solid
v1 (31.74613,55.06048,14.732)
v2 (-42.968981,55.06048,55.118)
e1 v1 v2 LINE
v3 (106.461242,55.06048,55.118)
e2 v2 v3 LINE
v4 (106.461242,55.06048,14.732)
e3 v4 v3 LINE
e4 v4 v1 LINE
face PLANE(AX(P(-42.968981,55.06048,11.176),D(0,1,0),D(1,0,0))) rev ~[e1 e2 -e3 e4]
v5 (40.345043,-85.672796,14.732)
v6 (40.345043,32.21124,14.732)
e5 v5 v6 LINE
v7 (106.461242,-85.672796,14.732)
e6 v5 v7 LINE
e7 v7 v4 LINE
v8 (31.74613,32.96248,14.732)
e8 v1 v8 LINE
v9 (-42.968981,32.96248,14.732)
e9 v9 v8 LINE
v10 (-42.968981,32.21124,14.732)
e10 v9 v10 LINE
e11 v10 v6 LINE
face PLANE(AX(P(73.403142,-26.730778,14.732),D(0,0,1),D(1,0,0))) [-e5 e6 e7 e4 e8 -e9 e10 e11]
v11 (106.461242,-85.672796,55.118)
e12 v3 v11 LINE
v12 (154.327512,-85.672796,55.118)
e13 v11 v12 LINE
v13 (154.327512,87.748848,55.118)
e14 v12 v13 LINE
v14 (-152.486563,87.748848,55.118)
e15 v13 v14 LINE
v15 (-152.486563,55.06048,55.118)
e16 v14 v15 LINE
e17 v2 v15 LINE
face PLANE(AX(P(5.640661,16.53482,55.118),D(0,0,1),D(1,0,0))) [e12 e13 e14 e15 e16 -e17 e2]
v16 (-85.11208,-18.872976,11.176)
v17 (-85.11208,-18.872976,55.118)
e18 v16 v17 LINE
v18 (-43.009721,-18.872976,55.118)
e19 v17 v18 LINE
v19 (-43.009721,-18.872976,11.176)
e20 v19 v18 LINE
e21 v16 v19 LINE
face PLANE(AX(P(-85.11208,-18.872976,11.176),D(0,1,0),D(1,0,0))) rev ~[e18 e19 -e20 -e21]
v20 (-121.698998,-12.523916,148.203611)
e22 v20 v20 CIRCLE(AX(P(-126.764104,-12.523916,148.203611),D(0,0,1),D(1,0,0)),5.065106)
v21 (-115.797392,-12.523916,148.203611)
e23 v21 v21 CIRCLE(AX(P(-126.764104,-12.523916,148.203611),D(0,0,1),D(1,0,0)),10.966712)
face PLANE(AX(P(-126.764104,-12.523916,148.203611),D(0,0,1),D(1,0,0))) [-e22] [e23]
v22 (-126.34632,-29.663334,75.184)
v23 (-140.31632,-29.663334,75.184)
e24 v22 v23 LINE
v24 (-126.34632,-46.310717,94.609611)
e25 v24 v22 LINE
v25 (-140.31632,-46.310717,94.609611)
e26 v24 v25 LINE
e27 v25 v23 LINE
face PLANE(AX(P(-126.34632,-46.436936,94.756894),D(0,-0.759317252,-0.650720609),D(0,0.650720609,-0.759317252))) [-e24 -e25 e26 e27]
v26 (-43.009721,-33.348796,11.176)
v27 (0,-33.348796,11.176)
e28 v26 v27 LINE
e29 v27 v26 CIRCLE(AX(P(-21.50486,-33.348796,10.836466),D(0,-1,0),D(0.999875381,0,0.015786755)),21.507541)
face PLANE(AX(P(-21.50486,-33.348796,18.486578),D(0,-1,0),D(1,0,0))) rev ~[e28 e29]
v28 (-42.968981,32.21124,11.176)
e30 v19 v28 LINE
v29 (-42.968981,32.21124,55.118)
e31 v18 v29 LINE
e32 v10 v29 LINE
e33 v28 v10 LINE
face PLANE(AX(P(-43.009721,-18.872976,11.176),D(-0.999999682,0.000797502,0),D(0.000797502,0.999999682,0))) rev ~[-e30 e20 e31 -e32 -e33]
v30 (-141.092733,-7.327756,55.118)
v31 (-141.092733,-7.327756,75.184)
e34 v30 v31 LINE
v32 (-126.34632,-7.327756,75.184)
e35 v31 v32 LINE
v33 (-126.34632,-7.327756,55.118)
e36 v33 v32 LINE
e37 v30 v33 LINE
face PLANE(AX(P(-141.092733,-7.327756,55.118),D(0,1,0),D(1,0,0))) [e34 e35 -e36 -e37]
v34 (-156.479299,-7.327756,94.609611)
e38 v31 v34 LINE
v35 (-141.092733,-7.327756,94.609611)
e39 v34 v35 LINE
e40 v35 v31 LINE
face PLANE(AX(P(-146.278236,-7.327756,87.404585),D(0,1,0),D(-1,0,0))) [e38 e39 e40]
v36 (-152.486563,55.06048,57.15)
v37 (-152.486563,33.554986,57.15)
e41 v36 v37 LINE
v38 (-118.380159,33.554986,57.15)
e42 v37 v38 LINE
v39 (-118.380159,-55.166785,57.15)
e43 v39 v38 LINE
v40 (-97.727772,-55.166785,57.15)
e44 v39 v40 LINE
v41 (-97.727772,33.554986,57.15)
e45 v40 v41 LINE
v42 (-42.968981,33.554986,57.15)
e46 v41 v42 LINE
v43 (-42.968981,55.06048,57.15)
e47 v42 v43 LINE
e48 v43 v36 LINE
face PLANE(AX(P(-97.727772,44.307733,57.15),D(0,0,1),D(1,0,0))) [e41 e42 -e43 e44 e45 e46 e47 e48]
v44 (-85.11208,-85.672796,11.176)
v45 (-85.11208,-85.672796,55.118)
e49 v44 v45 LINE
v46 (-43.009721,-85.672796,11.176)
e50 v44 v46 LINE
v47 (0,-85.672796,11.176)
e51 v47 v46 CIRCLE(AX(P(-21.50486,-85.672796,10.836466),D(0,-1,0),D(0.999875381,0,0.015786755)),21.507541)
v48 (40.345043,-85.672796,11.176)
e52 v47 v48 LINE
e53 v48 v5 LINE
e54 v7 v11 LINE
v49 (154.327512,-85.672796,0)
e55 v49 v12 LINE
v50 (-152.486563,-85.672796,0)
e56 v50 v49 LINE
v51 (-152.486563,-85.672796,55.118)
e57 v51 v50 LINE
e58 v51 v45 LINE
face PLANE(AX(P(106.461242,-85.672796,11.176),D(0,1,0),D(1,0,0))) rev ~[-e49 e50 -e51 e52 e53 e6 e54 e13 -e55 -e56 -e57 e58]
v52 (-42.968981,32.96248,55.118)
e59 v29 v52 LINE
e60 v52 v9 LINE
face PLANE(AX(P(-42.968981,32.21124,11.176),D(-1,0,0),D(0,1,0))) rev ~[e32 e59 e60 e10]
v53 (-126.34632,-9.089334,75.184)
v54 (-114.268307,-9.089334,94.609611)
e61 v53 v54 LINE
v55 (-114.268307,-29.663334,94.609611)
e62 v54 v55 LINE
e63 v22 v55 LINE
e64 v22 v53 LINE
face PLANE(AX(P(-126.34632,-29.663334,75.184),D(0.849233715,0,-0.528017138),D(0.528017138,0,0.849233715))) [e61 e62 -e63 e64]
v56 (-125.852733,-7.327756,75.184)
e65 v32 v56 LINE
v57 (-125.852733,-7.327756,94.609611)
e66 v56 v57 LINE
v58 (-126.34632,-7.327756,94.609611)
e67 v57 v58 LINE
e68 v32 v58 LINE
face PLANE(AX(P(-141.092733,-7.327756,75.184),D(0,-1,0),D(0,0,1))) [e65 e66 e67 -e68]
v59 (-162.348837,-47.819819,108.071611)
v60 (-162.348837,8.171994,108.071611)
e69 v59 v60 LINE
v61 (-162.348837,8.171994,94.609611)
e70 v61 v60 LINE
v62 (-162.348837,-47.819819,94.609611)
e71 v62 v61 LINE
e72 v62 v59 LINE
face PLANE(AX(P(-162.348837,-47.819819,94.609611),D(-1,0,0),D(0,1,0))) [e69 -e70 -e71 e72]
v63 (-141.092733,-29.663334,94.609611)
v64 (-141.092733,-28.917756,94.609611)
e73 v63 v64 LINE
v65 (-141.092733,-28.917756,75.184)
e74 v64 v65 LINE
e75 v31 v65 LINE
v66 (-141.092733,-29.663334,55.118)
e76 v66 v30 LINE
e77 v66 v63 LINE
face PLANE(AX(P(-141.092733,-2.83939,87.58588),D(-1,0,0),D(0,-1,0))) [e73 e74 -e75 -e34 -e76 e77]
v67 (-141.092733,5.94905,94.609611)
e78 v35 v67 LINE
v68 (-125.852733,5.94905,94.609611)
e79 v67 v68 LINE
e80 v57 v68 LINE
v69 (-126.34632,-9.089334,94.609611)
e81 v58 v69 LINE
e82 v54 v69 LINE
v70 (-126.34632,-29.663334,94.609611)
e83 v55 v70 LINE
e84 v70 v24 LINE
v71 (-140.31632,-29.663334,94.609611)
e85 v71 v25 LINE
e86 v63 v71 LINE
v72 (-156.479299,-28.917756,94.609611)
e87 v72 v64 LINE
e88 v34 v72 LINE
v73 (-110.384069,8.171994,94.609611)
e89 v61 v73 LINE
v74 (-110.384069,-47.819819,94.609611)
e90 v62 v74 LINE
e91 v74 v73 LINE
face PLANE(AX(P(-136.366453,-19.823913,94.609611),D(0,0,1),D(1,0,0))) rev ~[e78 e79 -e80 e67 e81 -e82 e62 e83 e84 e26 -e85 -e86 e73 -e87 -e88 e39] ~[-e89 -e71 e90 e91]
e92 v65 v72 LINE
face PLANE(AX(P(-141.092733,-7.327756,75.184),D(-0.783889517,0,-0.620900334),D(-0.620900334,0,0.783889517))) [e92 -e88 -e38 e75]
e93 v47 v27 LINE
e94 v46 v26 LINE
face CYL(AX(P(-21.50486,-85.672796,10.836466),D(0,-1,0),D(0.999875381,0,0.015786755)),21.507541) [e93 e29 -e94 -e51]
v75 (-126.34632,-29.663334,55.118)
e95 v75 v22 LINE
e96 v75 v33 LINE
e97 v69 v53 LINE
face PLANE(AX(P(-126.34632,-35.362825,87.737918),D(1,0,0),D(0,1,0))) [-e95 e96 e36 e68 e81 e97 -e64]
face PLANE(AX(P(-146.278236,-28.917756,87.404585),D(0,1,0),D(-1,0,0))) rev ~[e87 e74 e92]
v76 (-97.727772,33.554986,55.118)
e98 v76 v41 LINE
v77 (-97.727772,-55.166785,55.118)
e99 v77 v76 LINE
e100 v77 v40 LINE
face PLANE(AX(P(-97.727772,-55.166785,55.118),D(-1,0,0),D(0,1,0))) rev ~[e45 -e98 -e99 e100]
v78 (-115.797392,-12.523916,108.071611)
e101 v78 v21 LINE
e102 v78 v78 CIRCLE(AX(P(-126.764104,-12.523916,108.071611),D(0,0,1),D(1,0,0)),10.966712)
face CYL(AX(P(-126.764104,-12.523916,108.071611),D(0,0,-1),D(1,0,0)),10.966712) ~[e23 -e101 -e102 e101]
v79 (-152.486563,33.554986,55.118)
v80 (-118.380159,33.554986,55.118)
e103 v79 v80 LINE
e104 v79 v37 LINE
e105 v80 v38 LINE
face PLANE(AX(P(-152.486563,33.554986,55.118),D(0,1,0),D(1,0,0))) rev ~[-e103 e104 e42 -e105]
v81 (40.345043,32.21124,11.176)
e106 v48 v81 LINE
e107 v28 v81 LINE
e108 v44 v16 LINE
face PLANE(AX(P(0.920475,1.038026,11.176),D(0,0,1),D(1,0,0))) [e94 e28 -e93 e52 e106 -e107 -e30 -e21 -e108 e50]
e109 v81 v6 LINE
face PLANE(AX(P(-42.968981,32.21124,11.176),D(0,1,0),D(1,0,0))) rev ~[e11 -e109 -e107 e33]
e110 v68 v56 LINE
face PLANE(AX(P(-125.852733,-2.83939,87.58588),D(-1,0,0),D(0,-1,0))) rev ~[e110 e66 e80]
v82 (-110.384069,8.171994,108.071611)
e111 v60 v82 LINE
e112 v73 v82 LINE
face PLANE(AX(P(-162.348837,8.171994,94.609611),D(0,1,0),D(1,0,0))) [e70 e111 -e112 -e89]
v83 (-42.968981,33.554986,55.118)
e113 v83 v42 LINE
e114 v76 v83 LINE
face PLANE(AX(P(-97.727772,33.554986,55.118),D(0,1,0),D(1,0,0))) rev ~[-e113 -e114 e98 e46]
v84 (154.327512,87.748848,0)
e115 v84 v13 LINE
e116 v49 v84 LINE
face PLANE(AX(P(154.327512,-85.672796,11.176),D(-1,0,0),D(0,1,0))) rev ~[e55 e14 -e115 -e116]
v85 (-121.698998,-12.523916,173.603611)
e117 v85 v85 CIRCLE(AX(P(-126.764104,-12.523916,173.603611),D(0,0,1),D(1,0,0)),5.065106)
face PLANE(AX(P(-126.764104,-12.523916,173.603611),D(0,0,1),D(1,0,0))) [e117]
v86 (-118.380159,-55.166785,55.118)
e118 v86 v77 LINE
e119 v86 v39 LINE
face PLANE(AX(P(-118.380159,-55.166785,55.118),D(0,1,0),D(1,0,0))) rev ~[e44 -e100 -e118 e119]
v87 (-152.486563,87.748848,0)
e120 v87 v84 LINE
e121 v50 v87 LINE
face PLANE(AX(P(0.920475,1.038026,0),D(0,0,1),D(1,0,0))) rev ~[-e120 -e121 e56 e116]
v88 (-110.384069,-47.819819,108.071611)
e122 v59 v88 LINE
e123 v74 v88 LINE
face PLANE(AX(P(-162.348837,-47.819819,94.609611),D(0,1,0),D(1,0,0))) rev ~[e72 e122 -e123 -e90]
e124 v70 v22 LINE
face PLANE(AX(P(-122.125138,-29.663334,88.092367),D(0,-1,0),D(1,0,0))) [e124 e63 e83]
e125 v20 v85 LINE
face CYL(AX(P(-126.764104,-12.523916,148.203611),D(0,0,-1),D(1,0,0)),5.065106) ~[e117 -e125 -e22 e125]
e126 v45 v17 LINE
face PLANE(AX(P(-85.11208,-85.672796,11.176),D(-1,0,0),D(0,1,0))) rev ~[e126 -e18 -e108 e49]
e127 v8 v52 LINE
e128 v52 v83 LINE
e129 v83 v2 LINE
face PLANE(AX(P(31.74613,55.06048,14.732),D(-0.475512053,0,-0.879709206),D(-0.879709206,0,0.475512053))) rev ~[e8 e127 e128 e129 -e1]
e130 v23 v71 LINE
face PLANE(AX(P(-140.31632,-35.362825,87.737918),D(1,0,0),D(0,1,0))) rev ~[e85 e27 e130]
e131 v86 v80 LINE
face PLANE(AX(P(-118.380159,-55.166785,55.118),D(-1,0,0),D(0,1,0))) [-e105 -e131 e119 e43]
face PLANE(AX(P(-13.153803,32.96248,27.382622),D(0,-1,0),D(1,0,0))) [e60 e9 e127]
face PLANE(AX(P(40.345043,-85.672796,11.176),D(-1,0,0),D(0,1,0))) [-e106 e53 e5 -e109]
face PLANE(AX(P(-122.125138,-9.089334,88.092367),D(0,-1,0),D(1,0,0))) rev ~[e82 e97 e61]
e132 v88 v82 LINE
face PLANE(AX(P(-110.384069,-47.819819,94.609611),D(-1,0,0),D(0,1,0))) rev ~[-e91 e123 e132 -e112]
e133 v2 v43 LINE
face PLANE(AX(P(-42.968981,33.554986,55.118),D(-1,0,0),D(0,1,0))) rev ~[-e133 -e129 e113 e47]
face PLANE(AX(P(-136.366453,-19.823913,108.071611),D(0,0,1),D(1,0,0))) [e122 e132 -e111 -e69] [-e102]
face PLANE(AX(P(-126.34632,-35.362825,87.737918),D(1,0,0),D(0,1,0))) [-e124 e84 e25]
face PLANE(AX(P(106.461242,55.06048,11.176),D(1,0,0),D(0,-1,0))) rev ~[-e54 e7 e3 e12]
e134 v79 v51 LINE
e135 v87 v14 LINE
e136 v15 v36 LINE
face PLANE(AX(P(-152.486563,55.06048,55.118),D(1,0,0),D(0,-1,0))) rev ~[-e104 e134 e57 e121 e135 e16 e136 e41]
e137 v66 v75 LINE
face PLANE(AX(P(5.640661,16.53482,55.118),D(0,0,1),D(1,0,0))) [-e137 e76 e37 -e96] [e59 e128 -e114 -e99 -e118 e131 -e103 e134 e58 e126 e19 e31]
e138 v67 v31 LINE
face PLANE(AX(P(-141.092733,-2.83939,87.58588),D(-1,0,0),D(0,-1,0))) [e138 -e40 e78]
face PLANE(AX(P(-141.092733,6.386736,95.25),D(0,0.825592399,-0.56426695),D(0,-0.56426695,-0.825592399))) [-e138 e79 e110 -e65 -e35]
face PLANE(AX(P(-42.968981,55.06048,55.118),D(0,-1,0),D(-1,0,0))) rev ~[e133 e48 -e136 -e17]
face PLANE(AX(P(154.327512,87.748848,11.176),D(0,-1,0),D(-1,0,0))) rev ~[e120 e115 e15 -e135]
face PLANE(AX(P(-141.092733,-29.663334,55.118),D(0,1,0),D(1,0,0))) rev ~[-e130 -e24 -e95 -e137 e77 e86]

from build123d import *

# Parameters (mm, degrees)
F0_W      = 306.8140745163
F0_H      = 173.4216436744
F1_DEPTH  = 11.176
F3_DEPTH  = 52.324
F4_W      = 66.1161988974
F4_H      = 117.8840361536
F5_DEPTH  = 3.556
F7_DEPTH  = 43.942
F9_DEPTH  = 22.098
F10_W     = 20.6523872912
F10_H     = 88.7217707932
F11_DEPTH = 2.032
F12_W     = 14.7464126348
F12_H     = 22.3355772905
F13_DEPTH = 40.132
F15_DEPTH = 13.97
F17_DEPTH = 20.574
F19_DEPTH = 15.24
F21_DEPTH = 21.59
F22_W     = 51.9647672772
F22_H     = 55.9918135405
F23_DEPTH = 13.462
F24_R     = 10.9667117053
F25_DEPTH = 40.132
F26_R     = 5.0651062628
F27_DEPTH = 25.4


with BuildPart() as f1:
    # F0 (on Top) → F1 (new body)
    with BuildSketch(Plane.XY):
        with Locations((0.9204745293, 1.0380260646)):
            Rectangle(F0_W, F0_H)
    extrude(amount=F1_DEPTH)

    # F2 (on face) → F3 (join)
    with BuildSketch(Plane.XZ.offset(85.6727957726)):
        with BuildLine():
            ThreePointArc((0, 11.176), (-21.5048603714, 32.3440063265), (-43.0097207427, 11.176))
            Line((-43.0097207427, 11.176), (0, 11.176))
        make_face()
    extrude(amount=-F3_DEPTH)

    # F4 (on face) → F5 (join)
    with BuildSketch(Plane.XY.offset(11.176)):
        with Locations((73.4031423926, -26.7307776958)):
            Rectangle(F4_W, F4_H)
        Polygon((-42.968980968, 32.211240381), (40.345042944, 32.211240381), (106.4612418413, 32.211240381), (106.4612418413, 55.06047979), (-42.968980968, 55.06047979), align=None)
    extrude(amount=F5_DEPTH)

    # F6 (on face) → F7 (join)
    with BuildSketch(Plane.XY.offset(11.176)):
        Polygon((106.4612418413, 55.06047979), (106.4612418413, -85.6727957726), (154.3275117874, -85.6727957726), (154.3275117874, 87.7488479018), (-152.4865627289, 87.7488479018), (-152.4865627289, -85.6727957726), (-85.112079978, -85.6727957726), (-85.112079978, -18.8729763031), (-43.0097207427, -18.8729763031), (-42.968980968, 32.211240381), (-42.968980968, 55.06047979), align=None)
    extrude(amount=F7_DEPTH)

    # F8 (on face) → F9 (join)
    with BuildSketch(Plane.XZ.offset(-55.06047979)):
        Polygon((-42.968980968, 14.732), (31.7461304367, 14.732), (-42.968980968, 55.118), align=None)
    extrude(amount=F9_DEPTH)

    # F10 (on face) → F11 (join)
    with BuildSketch(Plane.XY.offset(55.118)):
        Polygon((-42.968980968, 33.5549861193), (-42.968980968, 55.06047979), (-152.4865627289, 55.06047979), (-152.4865627289, 33.5549861193), (-118.3801591396, 33.5549861193), (-97.7277718484, 33.5549861193), align=None)
        with Locations((-108.053965494, -10.8058992773)):
            Rectangle(F10_W, F10_H)
    extrude(amount=F11_DEPTH)

    # F12 (on face) → F13 (join)
    with BuildSketch(Plane.XY.offset(55.118)):
        with Locations((-133.7195262313, -18.4955450241)):
            Rectangle(F12_W, F12_H)
    extrude(amount=F13_DEPTH)

    # F14 (on face) → F15 (join)
    with BuildSketch(Plane.YZ.offset(-126.3463199139)):
        Polygon((-46.4369356632, 94.7568938136), (-29.6633336693, 75.184), (-29.6633336693, 95.25), align=None)
    extrude(amount=-F15_DEPTH)

    # F16 (on face) → F17 (join)
    with BuildSketch(Plane.XZ.offset(29.6633336693)):
        Polygon((-126.3463199139, 96.3086783886), (-126.3463199139, 75.184), (-113.2118999958, 96.3086783886), align=None)
    extrude(amount=-F17_DEPTH)

    # F18 (on face) → F19 (join)
    with BuildSketch(Plane(origin=(-141.0927325487, 0, 0), x_dir=(0, -1, 0), z_dir=(-1, 0, 0))):
        Polygon((7.3277563788, 75.184), (7.3277563788, 95.25), (-6.3867359422, 95.25), align=None)
    extrude(amount=-F19_DEPTH)

    # F20 (on face) → F21 (join)
    with BuildSketch(Plane(origin=(0, -7.3277563788, 0), x_dir=(-1, 0, 0), z_dir=(0, 1, 0))):
        Polygon((141.0927325487, 94.6096107364), (141.0927325487, 75.184), (156.4792990685, 94.6096107364), align=None)
    extrude(amount=-F21_DEPTH)

    # F22 (on face) → F23 (join)
    with BuildSketch(Plane.XY.offset(94.6096107364)):
        with Locations((-136.3664530218, -19.8239125311)):
            Rectangle(F22_W, F22_H)
    extrude(amount=F23_DEPTH)

    # F24 (on face) → F25 (join)
    with BuildSketch(Plane.XY.offset(108.0716107364)):
        with Locations((-126.7641037703, -12.5239156187)):
            Circle(F24_R)
    extrude(amount=F25_DEPTH)

    # F26 (on face) → F27 (join)
    with BuildSketch(Plane.XY.offset(148.2036107364)):
        with Locations((-126.7641037703, -12.5239156187)):
            Circle(F26_R)
    extrude(amount=F27_DEPTH)


solid = f1.part
